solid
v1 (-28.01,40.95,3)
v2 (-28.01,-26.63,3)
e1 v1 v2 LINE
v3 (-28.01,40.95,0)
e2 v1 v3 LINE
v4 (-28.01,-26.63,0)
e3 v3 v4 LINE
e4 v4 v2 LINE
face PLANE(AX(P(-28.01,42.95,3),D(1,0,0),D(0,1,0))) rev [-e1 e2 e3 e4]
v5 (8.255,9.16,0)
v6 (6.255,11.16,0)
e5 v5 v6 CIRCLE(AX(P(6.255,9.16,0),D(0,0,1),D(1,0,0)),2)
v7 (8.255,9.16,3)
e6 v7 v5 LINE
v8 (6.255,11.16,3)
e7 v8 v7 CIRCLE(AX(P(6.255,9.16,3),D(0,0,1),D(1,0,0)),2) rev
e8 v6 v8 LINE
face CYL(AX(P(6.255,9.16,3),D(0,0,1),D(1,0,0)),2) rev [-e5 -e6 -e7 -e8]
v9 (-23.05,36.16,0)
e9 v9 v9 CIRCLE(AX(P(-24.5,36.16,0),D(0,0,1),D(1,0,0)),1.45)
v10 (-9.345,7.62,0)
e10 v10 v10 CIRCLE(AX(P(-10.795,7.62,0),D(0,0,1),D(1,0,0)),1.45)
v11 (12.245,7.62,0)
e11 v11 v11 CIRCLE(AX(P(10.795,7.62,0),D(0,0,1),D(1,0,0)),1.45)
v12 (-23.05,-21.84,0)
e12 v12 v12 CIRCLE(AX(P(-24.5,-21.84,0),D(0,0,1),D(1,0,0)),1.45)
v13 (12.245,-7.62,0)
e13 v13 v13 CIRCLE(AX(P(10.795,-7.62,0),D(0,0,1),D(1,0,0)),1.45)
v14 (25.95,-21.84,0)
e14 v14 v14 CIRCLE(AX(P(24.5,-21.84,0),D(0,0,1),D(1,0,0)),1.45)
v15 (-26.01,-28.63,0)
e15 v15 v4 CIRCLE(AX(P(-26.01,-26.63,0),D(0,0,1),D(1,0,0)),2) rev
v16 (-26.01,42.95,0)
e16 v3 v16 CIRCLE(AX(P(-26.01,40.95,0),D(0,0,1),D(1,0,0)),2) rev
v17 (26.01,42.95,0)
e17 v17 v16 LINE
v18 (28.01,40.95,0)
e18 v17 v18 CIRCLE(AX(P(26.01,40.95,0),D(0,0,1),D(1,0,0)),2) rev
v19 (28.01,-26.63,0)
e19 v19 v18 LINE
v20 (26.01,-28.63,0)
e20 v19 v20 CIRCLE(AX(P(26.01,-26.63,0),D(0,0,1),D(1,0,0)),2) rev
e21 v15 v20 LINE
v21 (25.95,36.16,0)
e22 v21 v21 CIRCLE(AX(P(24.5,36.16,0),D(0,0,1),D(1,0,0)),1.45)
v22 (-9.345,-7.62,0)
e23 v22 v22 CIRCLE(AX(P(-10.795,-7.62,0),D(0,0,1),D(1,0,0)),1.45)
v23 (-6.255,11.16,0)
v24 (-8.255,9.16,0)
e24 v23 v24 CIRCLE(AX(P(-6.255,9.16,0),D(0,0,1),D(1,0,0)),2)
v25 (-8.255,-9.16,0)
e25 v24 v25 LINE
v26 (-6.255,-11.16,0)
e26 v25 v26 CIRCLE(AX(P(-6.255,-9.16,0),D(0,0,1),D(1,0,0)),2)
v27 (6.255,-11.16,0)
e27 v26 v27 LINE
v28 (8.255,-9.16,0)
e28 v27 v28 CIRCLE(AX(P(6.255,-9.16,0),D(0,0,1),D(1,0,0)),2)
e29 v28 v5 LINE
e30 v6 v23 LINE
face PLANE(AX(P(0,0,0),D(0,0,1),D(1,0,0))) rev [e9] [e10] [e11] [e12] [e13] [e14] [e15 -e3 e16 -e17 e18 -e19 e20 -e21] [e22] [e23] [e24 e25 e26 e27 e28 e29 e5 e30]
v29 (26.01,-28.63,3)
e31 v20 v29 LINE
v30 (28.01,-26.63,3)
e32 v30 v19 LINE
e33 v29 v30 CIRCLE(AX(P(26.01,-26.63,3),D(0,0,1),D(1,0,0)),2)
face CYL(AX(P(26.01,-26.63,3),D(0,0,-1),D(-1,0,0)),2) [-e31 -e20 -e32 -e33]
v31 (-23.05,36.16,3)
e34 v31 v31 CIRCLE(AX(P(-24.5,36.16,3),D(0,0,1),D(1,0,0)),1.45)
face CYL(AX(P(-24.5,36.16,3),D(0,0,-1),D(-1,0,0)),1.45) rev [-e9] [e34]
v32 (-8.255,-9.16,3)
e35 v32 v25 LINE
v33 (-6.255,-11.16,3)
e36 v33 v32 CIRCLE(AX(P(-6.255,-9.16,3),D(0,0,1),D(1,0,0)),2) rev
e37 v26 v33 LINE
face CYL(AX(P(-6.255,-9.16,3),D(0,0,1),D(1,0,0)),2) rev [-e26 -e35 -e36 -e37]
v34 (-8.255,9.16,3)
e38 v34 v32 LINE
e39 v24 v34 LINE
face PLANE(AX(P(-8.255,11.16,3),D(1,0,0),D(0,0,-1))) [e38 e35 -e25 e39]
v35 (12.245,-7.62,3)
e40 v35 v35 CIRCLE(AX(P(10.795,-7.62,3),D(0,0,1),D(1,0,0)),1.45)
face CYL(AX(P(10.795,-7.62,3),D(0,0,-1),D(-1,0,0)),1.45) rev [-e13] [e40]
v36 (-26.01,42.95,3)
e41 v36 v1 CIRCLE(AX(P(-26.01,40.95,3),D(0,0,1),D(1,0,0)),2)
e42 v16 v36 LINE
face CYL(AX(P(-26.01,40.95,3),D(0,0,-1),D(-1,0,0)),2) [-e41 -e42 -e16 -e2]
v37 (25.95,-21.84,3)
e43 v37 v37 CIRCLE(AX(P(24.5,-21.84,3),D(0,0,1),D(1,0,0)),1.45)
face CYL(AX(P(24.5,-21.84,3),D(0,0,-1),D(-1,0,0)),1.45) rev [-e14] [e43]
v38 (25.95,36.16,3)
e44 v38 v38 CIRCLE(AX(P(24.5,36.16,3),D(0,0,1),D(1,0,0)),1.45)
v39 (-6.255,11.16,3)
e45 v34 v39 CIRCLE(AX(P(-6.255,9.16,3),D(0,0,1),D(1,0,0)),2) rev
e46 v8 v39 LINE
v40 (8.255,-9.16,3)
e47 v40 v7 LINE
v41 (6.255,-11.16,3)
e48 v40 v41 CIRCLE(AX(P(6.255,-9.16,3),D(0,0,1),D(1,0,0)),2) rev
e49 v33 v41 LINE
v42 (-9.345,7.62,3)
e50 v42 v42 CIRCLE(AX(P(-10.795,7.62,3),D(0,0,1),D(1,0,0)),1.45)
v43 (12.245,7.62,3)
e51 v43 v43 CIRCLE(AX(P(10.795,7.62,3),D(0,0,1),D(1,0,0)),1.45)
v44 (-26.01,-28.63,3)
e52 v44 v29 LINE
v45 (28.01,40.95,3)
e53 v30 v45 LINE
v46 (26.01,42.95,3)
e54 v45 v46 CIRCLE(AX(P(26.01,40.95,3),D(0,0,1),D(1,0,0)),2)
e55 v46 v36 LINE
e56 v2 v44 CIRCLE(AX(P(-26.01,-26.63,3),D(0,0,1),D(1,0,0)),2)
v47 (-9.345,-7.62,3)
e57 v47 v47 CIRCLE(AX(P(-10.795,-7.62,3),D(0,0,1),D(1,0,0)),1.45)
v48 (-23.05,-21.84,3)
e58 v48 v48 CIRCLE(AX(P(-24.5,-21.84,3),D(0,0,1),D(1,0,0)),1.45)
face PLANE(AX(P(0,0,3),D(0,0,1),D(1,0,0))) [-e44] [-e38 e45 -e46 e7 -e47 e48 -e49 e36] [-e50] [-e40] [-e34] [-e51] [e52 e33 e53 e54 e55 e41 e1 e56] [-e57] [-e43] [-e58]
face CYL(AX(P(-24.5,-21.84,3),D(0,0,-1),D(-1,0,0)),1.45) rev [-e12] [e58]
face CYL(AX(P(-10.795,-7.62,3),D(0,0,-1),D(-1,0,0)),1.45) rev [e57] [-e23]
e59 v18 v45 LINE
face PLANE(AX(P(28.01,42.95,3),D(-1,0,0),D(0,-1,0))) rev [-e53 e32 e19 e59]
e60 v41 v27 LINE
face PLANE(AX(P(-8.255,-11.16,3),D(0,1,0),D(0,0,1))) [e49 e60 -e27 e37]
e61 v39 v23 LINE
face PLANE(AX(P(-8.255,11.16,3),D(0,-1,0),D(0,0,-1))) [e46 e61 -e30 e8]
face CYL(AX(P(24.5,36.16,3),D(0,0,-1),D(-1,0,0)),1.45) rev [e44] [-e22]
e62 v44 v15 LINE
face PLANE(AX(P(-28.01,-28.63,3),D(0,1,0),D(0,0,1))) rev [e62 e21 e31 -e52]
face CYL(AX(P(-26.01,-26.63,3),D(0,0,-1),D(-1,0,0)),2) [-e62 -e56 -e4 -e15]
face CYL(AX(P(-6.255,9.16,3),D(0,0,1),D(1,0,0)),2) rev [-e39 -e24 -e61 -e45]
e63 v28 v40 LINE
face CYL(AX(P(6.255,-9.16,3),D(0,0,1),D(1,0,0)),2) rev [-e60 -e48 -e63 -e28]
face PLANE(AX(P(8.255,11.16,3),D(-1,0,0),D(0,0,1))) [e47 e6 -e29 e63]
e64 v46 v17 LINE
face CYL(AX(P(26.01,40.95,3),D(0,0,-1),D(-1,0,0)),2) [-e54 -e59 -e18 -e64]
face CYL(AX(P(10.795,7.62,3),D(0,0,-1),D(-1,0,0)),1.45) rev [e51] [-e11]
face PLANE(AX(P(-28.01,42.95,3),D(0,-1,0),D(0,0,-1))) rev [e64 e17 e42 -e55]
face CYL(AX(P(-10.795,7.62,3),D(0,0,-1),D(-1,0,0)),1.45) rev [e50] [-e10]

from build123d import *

# Parameters (mm, degrees)
SKETCH1_W           = 56.02
SKETCH1_H           = 71.58
SKETCH1_R           = 1.45
SKETCH1_W_2         = 16.51
SKETCH1_H_2         = 22.32
BOSS_EXTRUDE1_DEPTH = 3
FILLET1_R           = 2


with BuildPart() as part:
    # Sketch1 → Boss-Extrude1 (new body)
    with BuildSketch(Plane.XY):
        with Locations((0, 7.16)):
            Rectangle(SKETCH1_W, SKETCH1_H)
        with Locations((-10.795, -7.62)):
            Circle(SKETCH1_R, mode=Mode.SUBTRACT)
        with Locations((-10.795, 7.62)):
            Circle(SKETCH1_R, mode=Mode.SUBTRACT)
        with Locations((10.795, 7.62)):
            Circle(SKETCH1_R, mode=Mode.SUBTRACT)
        with Locations((10.795, -7.62)):
            Circle(SKETCH1_R, mode=Mode.SUBTRACT)
        with Locations((24.5, -21.84)):
            Circle(SKETCH1_R, mode=Mode.SUBTRACT)
        with Locations((-24.5, 36.16)):
            Circle(SKETCH1_R, mode=Mode.SUBTRACT)
        with Locations((-24.5, -21.84)):
            Circle(SKETCH1_R, mode=Mode.SUBTRACT)
        with Locations((24.5, 36.16)):
            Circle(SKETCH1_R, mode=Mode.SUBTRACT)
        Rectangle(SKETCH1_W_2, SKETCH1_H_2, mode=Mode.SUBTRACT)
    extrude(amount=BOSS_EXTRUDE1_DEPTH)

    # Fillet1
    fillet1_edges = [part.edges().sort_by_distance(p)[0] for p in [
        (-8.255, 11.16, 1.5),
        (-8.255, -11.16, 1.5),
        (8.255, -11.16, 1.5),
        (8.255, 11.16, 1.5),
        (-28.01, 42.95, 1.5),
        (28.01, 42.95, 1.5),
        (28.01, -28.63, 1.5),
        (-28.01, -28.63, 1.5),
    ]]
    fillet(fillet1_edges, radius=FILLET1_R)


solid = part.part
